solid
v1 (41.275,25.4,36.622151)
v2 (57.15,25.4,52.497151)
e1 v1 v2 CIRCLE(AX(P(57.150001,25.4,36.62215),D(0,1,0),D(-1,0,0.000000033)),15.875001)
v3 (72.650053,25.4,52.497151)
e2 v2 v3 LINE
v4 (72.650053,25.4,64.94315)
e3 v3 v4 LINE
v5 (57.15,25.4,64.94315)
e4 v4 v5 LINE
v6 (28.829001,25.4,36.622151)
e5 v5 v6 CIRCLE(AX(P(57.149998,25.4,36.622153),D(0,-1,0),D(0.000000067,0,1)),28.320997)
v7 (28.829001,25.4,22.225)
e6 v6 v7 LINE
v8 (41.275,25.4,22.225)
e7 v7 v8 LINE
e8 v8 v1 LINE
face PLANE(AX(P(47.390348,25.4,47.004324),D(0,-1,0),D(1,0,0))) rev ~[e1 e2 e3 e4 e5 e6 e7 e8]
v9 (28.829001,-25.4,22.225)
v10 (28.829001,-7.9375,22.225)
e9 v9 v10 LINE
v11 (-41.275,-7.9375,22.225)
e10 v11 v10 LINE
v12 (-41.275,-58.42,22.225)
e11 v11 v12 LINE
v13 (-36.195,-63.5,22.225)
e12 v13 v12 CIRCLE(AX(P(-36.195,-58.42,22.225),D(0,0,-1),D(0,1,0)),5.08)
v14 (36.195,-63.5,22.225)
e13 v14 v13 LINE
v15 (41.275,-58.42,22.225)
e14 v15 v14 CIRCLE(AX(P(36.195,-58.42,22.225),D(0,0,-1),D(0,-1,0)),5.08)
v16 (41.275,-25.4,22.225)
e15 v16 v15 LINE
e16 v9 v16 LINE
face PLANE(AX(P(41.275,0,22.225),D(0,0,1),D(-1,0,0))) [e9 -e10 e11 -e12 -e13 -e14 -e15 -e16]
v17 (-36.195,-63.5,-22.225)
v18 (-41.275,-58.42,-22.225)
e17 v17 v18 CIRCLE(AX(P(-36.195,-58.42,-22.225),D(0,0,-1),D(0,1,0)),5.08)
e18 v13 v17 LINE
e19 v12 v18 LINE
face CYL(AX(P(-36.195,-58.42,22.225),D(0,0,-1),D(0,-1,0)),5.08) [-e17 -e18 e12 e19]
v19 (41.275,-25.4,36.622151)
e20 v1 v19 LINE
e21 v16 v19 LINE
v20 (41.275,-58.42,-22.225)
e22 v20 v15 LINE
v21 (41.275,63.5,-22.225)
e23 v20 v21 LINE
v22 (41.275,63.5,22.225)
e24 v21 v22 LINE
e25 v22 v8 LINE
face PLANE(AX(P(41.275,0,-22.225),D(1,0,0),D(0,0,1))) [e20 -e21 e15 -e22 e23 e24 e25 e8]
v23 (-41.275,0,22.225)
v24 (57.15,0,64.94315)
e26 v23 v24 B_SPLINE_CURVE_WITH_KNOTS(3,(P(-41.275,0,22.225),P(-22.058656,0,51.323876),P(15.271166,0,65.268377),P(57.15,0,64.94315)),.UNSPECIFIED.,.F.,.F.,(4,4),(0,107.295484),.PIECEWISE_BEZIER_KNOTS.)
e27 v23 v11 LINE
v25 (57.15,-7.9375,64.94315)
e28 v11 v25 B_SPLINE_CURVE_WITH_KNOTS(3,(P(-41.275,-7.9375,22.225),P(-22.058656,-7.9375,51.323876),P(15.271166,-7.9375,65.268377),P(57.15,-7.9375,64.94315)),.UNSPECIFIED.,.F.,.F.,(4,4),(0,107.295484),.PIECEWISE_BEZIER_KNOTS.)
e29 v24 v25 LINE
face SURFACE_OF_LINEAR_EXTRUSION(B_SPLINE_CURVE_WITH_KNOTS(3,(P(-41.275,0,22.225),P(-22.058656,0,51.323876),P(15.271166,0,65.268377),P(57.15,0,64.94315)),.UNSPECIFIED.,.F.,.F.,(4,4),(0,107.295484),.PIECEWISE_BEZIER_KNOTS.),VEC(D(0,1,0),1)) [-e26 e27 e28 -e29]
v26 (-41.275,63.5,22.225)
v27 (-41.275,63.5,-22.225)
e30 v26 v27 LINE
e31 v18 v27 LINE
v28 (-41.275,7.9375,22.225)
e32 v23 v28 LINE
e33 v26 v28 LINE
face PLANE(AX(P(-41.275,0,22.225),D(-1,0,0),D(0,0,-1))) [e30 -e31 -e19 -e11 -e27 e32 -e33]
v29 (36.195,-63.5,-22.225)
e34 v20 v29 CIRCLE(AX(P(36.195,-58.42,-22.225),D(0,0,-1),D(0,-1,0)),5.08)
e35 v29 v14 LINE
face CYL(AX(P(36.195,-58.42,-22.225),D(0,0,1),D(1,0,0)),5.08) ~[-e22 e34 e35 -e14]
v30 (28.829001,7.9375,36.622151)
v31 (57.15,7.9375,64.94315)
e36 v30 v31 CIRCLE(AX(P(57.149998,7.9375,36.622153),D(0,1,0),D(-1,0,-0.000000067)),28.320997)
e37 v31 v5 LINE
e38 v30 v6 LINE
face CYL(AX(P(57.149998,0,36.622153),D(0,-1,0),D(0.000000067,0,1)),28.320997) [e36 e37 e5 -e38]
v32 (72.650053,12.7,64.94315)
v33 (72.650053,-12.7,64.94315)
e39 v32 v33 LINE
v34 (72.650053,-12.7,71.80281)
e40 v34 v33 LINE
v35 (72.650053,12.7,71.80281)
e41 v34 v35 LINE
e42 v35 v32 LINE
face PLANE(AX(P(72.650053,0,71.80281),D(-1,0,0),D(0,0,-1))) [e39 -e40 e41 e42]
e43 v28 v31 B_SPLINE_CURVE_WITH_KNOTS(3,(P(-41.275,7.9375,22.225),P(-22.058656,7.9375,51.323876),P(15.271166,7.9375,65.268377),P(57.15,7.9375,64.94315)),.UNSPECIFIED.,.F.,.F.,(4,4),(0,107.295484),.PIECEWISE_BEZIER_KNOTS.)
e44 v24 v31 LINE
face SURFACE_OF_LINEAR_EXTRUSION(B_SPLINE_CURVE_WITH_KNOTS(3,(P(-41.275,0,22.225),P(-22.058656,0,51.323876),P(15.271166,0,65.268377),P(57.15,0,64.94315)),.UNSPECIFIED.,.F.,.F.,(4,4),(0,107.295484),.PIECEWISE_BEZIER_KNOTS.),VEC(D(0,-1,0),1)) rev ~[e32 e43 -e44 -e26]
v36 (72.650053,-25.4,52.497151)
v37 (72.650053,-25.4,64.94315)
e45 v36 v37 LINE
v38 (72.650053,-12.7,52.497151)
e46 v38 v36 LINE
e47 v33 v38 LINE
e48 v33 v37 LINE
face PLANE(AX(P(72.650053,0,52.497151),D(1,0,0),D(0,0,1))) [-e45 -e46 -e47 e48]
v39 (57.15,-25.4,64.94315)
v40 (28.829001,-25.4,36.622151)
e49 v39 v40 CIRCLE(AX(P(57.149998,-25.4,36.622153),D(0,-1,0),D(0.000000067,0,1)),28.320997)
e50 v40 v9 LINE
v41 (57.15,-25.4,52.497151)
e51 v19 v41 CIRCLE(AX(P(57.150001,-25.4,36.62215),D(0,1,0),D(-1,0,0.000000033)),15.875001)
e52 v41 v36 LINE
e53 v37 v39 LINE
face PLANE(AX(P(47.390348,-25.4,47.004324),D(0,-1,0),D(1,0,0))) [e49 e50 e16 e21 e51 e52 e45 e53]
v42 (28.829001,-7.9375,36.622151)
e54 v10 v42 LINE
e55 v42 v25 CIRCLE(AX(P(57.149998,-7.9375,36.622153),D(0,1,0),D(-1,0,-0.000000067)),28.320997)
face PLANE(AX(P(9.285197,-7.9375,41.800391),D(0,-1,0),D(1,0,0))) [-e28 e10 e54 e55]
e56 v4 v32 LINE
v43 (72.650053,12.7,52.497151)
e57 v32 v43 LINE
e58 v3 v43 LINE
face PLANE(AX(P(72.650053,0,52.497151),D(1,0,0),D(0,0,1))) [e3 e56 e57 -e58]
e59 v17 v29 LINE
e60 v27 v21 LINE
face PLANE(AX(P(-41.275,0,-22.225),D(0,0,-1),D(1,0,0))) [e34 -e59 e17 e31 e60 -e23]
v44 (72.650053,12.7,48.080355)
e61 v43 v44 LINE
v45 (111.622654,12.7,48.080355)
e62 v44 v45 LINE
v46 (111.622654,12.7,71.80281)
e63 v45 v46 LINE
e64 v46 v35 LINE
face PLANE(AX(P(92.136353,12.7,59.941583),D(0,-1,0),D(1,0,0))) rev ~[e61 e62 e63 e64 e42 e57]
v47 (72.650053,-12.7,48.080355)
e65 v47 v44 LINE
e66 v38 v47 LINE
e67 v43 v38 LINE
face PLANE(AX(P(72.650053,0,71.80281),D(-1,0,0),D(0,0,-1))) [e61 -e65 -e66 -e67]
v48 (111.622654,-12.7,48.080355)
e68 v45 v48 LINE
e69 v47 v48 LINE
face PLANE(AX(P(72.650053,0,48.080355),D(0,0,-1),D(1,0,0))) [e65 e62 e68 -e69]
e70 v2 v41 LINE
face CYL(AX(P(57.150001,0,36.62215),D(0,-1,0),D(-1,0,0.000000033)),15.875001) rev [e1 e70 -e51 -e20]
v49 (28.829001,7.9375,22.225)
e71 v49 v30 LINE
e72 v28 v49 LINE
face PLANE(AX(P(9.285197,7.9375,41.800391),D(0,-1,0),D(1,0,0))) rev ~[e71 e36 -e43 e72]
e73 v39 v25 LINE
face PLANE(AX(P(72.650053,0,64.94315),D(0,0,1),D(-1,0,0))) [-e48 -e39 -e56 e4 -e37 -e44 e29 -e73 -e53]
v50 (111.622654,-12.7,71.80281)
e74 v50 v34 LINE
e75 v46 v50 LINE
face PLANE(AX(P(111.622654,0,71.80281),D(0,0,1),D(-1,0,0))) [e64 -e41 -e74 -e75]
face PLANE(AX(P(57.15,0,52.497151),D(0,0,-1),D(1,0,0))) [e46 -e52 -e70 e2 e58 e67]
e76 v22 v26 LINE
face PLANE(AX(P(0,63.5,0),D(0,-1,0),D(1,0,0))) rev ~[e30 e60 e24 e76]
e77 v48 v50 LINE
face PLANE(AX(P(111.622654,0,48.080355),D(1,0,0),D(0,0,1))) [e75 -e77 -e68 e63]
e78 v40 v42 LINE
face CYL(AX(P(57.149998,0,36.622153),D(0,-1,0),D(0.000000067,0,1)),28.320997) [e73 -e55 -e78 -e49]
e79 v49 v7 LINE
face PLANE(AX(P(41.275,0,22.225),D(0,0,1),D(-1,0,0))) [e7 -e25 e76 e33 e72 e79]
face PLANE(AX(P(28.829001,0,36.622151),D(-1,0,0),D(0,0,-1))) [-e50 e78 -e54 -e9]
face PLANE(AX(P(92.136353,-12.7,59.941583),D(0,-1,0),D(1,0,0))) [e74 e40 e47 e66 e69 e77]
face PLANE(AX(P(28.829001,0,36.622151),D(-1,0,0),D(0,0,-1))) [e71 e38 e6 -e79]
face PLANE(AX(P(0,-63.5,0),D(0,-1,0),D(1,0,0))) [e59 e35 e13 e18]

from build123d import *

# Parameters (mm, degrees)
F1_DEPTH = 63.5
F2_DEPTH = 25.4
F3_DEPTH = 7.9375
F4_R     = 5.08
F5_DEPTH = 12.7


with BuildPart() as f1:
    # F0 (on Front) → F1 (new body, symmetric)
    with BuildSketch(Plane.XZ):
        Polygon((41.275, -22.225), (41.275, 22.225), (28.829001, 22.225), (-41.275, 22.225), (-41.275, -22.225), align=None)
    extrude(amount=F1_DEPTH, both=True)

    # F0 (on Front) → F2 (join, symmetric)
    with BuildSketch(Plane.XZ):
        with BuildLine():
            Line((28.829001, 22.225), (41.275, 22.225))
            Line((41.275, 22.225), (41.275, 36.622151))
            ThreePointArc((41.275, 36.622151), (45.92468, 47.847471), (57.15, 52.497151))
            Line((57.15, 52.497151), (72.650053, 52.497151))
            Line((72.650053, 52.497151), (72.650053, 64.94315))
            Line((72.650053, 64.94315), (57.15, 64.94315))
            ThreePointArc((57.15, 64.94315), (37.124029, 56.648122), (28.829001, 36.622151))
            Line((28.829001, 36.622151), (28.829001, 22.225))
        make_face()
    extrude(amount=F2_DEPTH, both=True)

    # F0 (on Front) → F3 (join, symmetric)
    with BuildSketch(Plane.XZ):
        with BuildLine():
            Line((-41.275, 22.225), (28.829001, 22.225))
            Line((28.829001, 22.225), (28.829001, 36.622151))
            ThreePointArc((28.829001, 36.622151), (37.124029, 56.648122), (57.15, 64.94315))
            add(Edge.make_bspline(
                [(-41.275, 22.225), (-22.058656, 51.323876), (15.271166, 65.268377), (57.15, 64.94315)],
                knots=[0, 0, 0, 0, 107.295484, 107.295484, 107.295484, 107.295484], degree=3))
        make_face()
    extrude(amount=F3_DEPTH, both=True)

    # F4
    f4_edges = [f1.edges().sort_by_distance(p)[0] for p in [
        (41.275, -63.5, 0),
        (-41.275, -63.5, 0),
    ]]
    fillet(f4_edges, radius=F4_R)

    # F0 (on Front) → F5 (join, symmetric)
    with BuildSketch(Plane.XZ):
        Polygon((72.650053, 64.94315), (72.650053, 52.497151), (72.650053, 48.080355), (111.622654, 48.080355), (111.622654, 71.80281), (72.650053, 71.80281), align=None)
    extrude(amount=F5_DEPTH, both=True)


solid = f1.part
